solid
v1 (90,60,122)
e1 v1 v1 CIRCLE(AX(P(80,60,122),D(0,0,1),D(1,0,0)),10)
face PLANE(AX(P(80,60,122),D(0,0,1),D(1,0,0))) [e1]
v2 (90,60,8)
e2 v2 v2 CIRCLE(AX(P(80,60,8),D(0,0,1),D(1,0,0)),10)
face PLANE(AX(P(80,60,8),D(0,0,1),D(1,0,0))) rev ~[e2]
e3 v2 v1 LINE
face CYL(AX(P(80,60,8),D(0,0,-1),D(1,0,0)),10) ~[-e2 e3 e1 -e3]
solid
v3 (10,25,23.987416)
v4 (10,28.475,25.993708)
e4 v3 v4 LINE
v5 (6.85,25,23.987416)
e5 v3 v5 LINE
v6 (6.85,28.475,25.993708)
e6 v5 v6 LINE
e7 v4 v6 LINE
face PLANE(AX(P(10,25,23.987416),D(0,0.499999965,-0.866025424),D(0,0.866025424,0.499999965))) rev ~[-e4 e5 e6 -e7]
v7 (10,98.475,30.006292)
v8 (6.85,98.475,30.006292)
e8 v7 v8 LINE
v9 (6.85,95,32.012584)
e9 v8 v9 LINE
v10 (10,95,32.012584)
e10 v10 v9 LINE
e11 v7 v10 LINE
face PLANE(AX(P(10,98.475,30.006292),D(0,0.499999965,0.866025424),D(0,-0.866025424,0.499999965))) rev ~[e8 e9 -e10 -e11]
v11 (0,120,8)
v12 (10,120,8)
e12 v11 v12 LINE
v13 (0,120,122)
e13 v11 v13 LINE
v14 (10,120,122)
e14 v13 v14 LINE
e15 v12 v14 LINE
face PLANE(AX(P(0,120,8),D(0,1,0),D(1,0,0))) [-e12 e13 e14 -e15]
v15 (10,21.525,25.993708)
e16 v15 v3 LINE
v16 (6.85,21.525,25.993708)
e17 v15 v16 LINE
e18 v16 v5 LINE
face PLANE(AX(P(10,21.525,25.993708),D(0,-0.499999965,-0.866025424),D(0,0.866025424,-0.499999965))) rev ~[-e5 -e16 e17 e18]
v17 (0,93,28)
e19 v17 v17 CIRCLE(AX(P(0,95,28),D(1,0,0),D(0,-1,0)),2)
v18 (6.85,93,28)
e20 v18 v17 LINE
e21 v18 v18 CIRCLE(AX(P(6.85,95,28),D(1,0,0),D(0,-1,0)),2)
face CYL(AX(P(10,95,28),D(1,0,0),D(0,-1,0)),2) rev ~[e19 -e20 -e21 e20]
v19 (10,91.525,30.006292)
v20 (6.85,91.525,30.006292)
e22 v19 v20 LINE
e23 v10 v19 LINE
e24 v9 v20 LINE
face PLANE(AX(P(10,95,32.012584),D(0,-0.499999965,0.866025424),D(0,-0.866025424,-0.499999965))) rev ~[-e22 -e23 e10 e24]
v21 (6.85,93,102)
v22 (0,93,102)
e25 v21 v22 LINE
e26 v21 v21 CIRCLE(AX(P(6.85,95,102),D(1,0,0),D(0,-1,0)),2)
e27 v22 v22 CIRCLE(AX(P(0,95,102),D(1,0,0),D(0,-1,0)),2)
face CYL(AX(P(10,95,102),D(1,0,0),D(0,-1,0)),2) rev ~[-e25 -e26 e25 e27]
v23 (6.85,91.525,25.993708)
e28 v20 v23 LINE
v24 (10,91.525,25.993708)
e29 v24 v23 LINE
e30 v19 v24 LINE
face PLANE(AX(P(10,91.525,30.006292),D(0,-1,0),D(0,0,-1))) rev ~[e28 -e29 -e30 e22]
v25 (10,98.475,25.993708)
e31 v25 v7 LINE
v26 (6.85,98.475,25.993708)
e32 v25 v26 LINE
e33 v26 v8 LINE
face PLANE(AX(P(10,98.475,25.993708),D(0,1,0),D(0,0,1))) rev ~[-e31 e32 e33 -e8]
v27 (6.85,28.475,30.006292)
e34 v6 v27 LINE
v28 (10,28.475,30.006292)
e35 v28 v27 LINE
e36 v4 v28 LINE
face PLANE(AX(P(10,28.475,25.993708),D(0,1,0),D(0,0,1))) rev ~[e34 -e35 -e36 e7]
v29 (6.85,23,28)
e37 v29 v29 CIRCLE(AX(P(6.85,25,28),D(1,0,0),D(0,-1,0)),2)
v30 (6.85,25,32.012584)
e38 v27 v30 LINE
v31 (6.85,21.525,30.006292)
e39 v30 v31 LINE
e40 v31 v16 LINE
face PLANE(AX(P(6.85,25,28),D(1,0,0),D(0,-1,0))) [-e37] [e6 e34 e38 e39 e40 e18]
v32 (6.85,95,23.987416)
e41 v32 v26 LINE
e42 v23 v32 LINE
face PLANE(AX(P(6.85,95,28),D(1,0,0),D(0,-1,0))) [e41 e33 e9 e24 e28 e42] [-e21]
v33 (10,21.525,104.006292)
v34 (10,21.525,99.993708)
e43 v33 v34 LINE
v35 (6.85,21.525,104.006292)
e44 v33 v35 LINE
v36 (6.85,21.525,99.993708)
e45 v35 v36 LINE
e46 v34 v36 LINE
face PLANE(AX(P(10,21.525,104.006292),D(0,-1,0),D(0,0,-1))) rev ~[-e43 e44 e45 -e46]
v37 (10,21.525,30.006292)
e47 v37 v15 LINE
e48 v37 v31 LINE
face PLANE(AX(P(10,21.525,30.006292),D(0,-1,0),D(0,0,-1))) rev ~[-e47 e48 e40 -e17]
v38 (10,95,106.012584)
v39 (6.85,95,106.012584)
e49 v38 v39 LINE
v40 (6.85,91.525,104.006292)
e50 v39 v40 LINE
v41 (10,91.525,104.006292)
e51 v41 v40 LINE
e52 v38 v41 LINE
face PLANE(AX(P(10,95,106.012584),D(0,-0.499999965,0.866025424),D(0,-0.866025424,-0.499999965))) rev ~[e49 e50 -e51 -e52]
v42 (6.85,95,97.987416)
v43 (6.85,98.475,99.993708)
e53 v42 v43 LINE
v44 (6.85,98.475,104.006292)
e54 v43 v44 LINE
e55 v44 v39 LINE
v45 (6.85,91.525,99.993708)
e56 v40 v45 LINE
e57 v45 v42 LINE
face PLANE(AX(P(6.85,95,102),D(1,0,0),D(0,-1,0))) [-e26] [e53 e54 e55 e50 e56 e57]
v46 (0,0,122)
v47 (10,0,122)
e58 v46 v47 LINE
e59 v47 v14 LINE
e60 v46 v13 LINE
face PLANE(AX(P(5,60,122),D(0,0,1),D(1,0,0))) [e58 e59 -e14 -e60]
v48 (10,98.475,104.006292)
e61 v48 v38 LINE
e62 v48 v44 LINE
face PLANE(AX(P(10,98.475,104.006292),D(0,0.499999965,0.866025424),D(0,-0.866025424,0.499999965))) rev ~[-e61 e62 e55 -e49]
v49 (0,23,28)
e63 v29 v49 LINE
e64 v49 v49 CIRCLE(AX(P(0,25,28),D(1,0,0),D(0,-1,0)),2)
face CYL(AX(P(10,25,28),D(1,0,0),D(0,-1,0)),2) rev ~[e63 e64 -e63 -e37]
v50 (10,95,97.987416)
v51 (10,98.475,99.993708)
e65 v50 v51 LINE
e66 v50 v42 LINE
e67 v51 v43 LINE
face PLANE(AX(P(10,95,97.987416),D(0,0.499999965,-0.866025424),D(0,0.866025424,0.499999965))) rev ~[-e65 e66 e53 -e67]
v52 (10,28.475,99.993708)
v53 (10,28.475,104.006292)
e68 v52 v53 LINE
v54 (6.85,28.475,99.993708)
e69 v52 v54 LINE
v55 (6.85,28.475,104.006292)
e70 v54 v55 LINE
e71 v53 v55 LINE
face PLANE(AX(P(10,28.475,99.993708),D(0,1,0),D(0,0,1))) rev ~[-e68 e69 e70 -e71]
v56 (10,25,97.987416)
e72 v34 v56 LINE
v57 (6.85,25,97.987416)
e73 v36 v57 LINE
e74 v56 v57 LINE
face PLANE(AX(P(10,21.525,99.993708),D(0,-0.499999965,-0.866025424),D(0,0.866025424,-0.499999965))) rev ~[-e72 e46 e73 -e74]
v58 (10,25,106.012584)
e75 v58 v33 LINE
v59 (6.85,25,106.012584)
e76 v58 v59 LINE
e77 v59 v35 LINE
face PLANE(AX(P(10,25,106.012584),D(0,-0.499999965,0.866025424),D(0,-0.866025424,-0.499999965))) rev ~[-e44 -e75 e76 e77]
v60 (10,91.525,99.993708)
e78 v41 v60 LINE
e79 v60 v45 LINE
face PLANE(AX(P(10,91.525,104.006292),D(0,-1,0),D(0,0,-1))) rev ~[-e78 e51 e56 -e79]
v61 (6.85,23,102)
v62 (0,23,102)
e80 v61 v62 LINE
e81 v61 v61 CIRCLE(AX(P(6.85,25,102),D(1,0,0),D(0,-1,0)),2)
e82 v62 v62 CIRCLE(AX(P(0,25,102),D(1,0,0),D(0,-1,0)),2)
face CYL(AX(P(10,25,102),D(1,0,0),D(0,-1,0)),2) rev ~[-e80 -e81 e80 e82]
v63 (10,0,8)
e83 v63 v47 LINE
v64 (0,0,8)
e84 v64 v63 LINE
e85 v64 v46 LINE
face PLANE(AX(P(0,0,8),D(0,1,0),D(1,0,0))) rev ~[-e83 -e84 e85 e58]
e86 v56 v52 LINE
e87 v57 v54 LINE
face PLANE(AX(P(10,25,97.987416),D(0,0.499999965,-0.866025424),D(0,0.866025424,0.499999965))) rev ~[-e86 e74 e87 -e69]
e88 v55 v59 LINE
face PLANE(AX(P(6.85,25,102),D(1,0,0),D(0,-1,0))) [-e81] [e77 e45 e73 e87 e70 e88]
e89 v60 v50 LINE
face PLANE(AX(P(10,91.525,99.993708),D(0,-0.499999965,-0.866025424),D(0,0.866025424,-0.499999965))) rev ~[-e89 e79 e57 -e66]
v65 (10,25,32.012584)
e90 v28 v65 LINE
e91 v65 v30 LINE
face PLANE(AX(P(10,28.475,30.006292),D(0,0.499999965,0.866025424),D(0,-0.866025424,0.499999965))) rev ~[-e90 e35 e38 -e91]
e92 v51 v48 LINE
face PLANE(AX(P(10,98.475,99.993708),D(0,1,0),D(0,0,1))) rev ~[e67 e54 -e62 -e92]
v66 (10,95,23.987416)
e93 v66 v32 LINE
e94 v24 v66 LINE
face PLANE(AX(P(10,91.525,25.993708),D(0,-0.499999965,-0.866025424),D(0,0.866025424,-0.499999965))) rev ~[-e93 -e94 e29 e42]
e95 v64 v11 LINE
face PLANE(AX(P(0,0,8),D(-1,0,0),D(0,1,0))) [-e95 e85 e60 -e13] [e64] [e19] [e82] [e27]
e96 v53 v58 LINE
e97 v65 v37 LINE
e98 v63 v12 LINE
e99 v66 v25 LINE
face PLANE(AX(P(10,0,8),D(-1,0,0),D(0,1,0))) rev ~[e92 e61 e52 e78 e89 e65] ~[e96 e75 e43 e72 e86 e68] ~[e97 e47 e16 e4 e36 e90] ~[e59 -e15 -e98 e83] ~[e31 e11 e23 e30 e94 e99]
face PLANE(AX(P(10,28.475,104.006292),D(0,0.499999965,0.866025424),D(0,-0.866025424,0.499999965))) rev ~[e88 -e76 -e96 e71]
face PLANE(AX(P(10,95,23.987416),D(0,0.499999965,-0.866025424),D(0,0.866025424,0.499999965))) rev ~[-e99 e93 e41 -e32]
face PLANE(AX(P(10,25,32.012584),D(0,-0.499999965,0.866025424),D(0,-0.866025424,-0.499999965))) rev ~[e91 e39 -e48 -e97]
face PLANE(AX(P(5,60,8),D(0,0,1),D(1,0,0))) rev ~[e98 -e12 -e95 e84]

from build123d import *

# Parameters (mm, degrees)
EXTRUDE004_DEPTH = 3.15
FACE003_R        = 2
EXTRUDE003_DEPTH = 10
SKETCH001_R      = 10
SKETCH001_W      = 10
SKETCH001_H      = 120
EXTRUDE001_DEPTH = 114


with BuildPart() as extrude004:
    # Face004 → Extrude004 (new body)
    with BuildSketch(Plane(origin=(10, 95, 28), x_dir=(0, -1, 0), z_dir=(1, 0, 0))):
        Polygon((-3.475, -2.006292), (0, -4.012584), (3.475, -2.006292), (3.475, 2.006292), (0, 4.012584), (-3.475, 2.006292), align=None)
        Polygon((66.525, -2.006292), (70, -4.012584), (73.475, -2.006292), (73.475, 2.006292), (70, 4.012584), (66.525, 2.006292), align=None)
        Polygon((66.525, -76.006292), (70, -78.012584), (73.475, -76.006292), (73.475, -71.993708), (70, -69.987416), (66.525, -71.993708), align=None)
        Polygon((-3.475, -76.006292), (0, -78.012584), (3.475, -76.006292), (3.475, -71.993708), (0, -69.987416), (-3.475, -71.993708), align=None)
    extrude(amount=-EXTRUDE004_DEPTH)


with BuildPart() as extrude003:
    # Face003 → Extrude003 (new body)
    with BuildSketch(Plane(origin=(10, 95, 102), x_dir=(0, -1, 0), z_dir=(1, 0, 0))):
        Circle(FACE003_R)
        with Locations((70, 0)):
            Circle(FACE003_R)
        with Locations((70, 74)):
            Circle(FACE003_R)
        with Locations((0, 74)):
            Circle(FACE003_R)
    extrude(amount=-EXTRUDE003_DEPTH)


with BuildPart() as cut001:
    # Sketch001 (on Face12 of Extrude) → Extrude001 (new body)
    with BuildSketch(Plane.XY.offset(8)):
        with Locations((80, 60)):
            Circle(SKETCH001_R)
        with Locations((5, 60)):
            Rectangle(SKETCH001_W, SKETCH001_H)
    extrude(amount=EXTRUDE001_DEPTH)

    # Cut: cut Extrude003
    add(extrude003.part, mode=Mode.SUBTRACT)

    # Cut001: cut Extrude004
    add(extrude004.part, mode=Mode.SUBTRACT)


solid = cut001.part
